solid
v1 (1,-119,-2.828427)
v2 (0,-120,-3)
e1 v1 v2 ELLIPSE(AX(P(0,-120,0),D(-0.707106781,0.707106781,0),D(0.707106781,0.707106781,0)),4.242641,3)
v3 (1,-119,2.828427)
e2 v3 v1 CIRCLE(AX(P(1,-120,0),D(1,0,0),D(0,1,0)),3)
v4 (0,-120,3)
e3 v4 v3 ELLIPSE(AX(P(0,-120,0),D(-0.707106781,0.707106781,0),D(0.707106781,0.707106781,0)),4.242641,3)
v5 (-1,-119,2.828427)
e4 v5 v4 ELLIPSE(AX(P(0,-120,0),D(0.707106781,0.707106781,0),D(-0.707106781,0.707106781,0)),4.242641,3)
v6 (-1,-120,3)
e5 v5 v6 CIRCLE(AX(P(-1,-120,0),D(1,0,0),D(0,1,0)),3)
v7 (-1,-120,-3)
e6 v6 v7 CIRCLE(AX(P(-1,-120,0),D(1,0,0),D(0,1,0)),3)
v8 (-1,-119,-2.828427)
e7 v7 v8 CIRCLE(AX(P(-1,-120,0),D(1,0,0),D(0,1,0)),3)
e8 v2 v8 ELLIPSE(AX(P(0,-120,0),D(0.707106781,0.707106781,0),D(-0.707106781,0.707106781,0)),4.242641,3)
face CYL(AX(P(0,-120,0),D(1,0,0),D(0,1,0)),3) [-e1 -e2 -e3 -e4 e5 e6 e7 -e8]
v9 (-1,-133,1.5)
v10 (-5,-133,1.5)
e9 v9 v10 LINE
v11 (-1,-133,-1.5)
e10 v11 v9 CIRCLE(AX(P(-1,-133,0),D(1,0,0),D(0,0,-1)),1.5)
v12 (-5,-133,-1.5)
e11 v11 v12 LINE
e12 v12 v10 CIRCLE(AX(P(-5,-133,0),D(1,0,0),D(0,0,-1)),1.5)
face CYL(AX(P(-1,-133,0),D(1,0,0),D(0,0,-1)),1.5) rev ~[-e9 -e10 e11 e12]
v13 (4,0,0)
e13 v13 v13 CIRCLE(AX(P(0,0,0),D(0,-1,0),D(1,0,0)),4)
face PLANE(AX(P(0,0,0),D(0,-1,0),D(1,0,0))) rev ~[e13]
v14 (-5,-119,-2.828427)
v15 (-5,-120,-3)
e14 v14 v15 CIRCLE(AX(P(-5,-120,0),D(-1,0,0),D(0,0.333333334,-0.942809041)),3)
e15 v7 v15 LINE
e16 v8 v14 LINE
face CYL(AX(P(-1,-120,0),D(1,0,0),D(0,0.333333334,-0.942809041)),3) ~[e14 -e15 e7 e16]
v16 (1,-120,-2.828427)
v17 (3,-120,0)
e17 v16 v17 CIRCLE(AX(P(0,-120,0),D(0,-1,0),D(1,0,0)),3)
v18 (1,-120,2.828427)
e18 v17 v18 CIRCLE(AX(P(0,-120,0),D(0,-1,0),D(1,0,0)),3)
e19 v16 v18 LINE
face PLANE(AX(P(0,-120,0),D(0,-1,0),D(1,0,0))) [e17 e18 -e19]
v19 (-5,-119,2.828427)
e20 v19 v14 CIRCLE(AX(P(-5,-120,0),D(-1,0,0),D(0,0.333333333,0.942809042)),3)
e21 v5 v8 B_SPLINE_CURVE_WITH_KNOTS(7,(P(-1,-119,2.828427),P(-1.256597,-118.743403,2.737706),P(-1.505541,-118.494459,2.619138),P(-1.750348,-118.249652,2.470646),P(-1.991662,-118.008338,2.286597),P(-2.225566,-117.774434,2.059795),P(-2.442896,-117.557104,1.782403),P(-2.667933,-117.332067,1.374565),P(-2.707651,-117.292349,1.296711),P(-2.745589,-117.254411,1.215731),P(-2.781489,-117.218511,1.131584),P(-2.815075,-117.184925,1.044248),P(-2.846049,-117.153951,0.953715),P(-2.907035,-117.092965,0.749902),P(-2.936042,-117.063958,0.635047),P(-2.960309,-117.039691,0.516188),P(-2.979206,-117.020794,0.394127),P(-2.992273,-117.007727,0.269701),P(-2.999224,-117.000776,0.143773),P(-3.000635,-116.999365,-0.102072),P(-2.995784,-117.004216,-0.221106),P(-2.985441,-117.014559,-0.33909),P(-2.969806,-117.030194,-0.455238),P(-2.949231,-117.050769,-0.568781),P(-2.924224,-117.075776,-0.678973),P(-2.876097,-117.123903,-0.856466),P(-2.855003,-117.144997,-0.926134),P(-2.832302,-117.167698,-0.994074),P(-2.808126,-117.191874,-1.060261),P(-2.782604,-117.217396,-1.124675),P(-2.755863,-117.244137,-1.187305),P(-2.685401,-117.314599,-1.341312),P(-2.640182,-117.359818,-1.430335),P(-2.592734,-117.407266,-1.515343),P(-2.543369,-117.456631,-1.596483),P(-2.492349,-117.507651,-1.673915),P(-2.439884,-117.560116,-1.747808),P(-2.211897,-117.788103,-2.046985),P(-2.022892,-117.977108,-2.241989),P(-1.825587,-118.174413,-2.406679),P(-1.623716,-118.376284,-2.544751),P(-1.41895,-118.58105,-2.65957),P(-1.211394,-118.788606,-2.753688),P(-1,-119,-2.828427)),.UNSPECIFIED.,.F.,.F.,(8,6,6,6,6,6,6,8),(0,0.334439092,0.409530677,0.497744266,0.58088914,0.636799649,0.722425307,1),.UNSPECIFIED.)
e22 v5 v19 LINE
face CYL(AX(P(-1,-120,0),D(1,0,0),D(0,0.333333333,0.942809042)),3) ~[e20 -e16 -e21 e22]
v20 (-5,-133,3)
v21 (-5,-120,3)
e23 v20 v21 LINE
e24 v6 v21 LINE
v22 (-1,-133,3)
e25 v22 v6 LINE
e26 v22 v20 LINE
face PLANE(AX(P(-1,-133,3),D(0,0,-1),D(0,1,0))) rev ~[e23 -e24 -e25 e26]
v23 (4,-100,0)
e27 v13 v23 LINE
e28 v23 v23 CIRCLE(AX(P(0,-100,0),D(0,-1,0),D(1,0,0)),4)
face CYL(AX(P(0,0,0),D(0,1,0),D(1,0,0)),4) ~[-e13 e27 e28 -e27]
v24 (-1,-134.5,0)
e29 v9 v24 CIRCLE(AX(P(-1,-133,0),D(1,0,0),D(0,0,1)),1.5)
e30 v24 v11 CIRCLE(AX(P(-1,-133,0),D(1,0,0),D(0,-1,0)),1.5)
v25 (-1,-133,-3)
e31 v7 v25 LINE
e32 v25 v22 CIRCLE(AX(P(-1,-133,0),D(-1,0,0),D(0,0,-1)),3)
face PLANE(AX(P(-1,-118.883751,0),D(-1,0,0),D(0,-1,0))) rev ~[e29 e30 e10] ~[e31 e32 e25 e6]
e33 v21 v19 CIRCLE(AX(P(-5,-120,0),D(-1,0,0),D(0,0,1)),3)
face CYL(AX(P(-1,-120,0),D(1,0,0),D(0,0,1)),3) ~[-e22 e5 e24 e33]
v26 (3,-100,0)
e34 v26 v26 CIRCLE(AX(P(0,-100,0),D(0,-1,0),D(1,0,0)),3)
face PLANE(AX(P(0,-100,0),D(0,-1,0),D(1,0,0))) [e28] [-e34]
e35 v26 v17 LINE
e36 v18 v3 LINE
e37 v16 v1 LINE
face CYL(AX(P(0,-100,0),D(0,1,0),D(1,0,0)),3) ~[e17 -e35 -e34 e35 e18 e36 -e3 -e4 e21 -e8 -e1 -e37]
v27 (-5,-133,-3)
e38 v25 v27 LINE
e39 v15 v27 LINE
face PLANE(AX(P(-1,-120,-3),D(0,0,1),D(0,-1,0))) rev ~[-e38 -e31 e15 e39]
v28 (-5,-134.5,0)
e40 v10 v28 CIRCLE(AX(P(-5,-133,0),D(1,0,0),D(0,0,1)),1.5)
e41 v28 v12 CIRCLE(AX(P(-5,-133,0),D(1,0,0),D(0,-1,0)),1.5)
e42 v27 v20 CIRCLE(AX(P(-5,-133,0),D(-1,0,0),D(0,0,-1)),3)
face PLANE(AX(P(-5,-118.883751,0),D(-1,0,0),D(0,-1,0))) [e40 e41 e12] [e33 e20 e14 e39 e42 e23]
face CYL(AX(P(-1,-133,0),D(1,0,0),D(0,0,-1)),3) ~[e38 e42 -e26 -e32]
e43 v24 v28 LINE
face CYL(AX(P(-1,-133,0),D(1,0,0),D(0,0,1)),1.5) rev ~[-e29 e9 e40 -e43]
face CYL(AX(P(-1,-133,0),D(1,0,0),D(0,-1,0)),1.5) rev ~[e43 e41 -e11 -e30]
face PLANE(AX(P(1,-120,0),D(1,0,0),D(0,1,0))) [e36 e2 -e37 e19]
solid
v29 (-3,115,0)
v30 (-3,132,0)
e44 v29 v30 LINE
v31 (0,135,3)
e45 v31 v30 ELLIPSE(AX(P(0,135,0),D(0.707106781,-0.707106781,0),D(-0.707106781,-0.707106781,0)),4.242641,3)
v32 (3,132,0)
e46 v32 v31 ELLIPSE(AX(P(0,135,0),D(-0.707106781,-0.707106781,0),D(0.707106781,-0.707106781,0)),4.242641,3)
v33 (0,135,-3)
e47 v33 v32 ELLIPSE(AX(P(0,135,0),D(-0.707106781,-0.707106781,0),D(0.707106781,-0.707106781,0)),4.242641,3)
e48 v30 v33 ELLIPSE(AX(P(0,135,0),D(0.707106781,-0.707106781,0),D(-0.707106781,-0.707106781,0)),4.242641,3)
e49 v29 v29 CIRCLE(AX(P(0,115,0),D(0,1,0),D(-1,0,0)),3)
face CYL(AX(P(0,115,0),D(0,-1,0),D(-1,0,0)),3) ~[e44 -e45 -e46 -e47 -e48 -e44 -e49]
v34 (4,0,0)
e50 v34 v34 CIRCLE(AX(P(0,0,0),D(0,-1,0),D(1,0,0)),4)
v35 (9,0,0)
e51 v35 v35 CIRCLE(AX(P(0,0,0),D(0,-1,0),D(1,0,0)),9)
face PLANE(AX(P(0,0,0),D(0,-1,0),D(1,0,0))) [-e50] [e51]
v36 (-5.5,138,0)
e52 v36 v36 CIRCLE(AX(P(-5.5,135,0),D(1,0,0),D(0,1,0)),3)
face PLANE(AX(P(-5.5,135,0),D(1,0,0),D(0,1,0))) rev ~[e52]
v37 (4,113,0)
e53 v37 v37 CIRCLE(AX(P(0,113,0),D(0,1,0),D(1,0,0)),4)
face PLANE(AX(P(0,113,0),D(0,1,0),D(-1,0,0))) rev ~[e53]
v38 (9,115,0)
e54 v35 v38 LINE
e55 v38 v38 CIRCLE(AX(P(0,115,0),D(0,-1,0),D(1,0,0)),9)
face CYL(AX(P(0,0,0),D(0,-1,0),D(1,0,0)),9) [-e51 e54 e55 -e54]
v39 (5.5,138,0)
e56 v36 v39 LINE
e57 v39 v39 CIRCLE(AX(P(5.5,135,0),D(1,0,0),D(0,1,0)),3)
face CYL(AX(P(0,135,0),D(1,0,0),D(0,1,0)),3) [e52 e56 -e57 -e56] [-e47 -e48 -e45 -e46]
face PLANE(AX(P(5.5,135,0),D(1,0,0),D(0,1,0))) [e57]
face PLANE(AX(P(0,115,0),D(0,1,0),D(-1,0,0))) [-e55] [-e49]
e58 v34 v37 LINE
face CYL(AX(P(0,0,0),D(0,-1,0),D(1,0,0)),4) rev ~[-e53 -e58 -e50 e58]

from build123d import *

# Parameters (mm, degrees)
F4_R          = 4
F5_DEPTH      = 100
F4_R_2        = 9
F6_DEPTH      = 115
F7_R          = 4
F7_R_2        = 3
F8_DEPTH      = 2
F9_DEPTH      = 20
F9_DEPTH_BACK = 1
F10_R         = 3
F11_DEPTH     = 20
F12_R         = 3
F13_DEPTH     = 5.5
F14_DEPTH     = 1
F16_DEPTH     = 4


with BuildPart() as f5:
    # F4 (on Front) → F5 (new body)
    with BuildSketch(Plane.XZ):
        Circle(F4_R)
    extrude(amount=F5_DEPTH)

    # F10 (on face) → F11 (join)
    with BuildSketch(Plane.XZ.offset(100)):
        Circle(F10_R)
    extrude(amount=F11_DEPTH)

    # F12 (on Right) → F14 (join, symmetric)
    with BuildSketch(Plane.YZ):
        with Locations((-120, 0)):
            Circle(F12_R)
    extrude(amount=F14_DEPTH, both=True)

    # F15 (on face) → F16 (join)
    with BuildSketch(Plane(origin=(-1, 0, 0), x_dir=(0, -1, 0), z_dir=(-1, 0, 0))):
        with BuildLine():
            Line((120, 2.8284271247), (119, 2.8284271247))
            ThreePointArc((119, 2.8284271247), (117, 0), (119, -2.8284271247))
            Line((119, -2.8284271247), (120, -2.8284271247))
            Line((120, -2.8284271247), (120, 2.8284271247))
        make_face()
        with BuildLine():
            ThreePointArc((120, -3), (122.1213203436, -2.1213203436), (123, 0))
            ThreePointArc((123, 0), (122.1213203436, 2.1213203436), (120, 3))
            ThreePointArc((120, 3), (119.4926940638, 2.956795679), (119, 2.8284271247))
            Line((119, 2.8284271247), (120, 2.8284271247))
            Line((120, 2.8284271247), (120, -2.8284271247))
            Line((120, -2.8284271247), (119, -2.8284271247))
            ThreePointArc((119, -2.8284271247), (119.4926940638, -2.956795679), (120, -3))
        make_face()
        with BuildLine():
            ThreePointArc((120, 3), (122.1213203436, 2.1213203436), (123, 0))
            ThreePointArc((123, 0), (122.1213203436, -2.1213203436), (120, -3))
            Line((120, -3), (133, -3))
            Line((133, -3), (133, -1.5))
            ThreePointArc((133, -1.5), (131.5, 0), (133, 1.5))
            Line((133, 1.5), (133, 3))
            Line((133, 3), (120, 3))
        make_face()
        with BuildLine():
            ThreePointArc((133, -3), (136, 0), (133, 3))
            Line((133, 3), (133, 1.5))
            ThreePointArc((133, 1.5), (134.0606601718, 1.0606601718), (134.5, 0))
            ThreePointArc((134.5, 0), (134.0606601718, -1.0606601718), (133, -1.5))
            Line((133, -1.5), (133, -3))
        make_face()
    extrude(amount=F16_DEPTH)


with BuildPart() as f6:
    # F4 (on Front) → F6 (new body)
    with BuildSketch(Plane.XZ):
        Circle(F4_R_2)
        Circle(F4_R, mode=Mode.SUBTRACT)
    extrude(amount=-F6_DEPTH)

    # F7 (on face) → F8 (join)
    with BuildSketch(Plane(origin=(0, 115, 0), x_dir=(-1, 0, 0), z_dir=(0, 1, 0))):
        Circle(F7_R)
        Circle(F7_R_2, mode=Mode.SUBTRACT)
        Circle(F7_R_2)
    extrude(amount=-F8_DEPTH)

    # F7 (on face) → F9 (join, two sides)
    with BuildSketch(Plane(origin=(0, 115, 0), x_dir=(-1, 0, 0), z_dir=(0, 1, 0))) as f9_sk:
        Circle(F7_R_2)
    extrude(amount=F9_DEPTH)
    extrude(f9_sk.sketch, amount=-F9_DEPTH_BACK)

    # F12 (on Right) → F13 (join, symmetric)
    with BuildSketch(Plane.YZ):
        with Locations((135, 0)):
            Circle(F12_R)
    extrude(amount=F13_DEPTH, both=True)


solid = Compound([f5.part, f6.part])
